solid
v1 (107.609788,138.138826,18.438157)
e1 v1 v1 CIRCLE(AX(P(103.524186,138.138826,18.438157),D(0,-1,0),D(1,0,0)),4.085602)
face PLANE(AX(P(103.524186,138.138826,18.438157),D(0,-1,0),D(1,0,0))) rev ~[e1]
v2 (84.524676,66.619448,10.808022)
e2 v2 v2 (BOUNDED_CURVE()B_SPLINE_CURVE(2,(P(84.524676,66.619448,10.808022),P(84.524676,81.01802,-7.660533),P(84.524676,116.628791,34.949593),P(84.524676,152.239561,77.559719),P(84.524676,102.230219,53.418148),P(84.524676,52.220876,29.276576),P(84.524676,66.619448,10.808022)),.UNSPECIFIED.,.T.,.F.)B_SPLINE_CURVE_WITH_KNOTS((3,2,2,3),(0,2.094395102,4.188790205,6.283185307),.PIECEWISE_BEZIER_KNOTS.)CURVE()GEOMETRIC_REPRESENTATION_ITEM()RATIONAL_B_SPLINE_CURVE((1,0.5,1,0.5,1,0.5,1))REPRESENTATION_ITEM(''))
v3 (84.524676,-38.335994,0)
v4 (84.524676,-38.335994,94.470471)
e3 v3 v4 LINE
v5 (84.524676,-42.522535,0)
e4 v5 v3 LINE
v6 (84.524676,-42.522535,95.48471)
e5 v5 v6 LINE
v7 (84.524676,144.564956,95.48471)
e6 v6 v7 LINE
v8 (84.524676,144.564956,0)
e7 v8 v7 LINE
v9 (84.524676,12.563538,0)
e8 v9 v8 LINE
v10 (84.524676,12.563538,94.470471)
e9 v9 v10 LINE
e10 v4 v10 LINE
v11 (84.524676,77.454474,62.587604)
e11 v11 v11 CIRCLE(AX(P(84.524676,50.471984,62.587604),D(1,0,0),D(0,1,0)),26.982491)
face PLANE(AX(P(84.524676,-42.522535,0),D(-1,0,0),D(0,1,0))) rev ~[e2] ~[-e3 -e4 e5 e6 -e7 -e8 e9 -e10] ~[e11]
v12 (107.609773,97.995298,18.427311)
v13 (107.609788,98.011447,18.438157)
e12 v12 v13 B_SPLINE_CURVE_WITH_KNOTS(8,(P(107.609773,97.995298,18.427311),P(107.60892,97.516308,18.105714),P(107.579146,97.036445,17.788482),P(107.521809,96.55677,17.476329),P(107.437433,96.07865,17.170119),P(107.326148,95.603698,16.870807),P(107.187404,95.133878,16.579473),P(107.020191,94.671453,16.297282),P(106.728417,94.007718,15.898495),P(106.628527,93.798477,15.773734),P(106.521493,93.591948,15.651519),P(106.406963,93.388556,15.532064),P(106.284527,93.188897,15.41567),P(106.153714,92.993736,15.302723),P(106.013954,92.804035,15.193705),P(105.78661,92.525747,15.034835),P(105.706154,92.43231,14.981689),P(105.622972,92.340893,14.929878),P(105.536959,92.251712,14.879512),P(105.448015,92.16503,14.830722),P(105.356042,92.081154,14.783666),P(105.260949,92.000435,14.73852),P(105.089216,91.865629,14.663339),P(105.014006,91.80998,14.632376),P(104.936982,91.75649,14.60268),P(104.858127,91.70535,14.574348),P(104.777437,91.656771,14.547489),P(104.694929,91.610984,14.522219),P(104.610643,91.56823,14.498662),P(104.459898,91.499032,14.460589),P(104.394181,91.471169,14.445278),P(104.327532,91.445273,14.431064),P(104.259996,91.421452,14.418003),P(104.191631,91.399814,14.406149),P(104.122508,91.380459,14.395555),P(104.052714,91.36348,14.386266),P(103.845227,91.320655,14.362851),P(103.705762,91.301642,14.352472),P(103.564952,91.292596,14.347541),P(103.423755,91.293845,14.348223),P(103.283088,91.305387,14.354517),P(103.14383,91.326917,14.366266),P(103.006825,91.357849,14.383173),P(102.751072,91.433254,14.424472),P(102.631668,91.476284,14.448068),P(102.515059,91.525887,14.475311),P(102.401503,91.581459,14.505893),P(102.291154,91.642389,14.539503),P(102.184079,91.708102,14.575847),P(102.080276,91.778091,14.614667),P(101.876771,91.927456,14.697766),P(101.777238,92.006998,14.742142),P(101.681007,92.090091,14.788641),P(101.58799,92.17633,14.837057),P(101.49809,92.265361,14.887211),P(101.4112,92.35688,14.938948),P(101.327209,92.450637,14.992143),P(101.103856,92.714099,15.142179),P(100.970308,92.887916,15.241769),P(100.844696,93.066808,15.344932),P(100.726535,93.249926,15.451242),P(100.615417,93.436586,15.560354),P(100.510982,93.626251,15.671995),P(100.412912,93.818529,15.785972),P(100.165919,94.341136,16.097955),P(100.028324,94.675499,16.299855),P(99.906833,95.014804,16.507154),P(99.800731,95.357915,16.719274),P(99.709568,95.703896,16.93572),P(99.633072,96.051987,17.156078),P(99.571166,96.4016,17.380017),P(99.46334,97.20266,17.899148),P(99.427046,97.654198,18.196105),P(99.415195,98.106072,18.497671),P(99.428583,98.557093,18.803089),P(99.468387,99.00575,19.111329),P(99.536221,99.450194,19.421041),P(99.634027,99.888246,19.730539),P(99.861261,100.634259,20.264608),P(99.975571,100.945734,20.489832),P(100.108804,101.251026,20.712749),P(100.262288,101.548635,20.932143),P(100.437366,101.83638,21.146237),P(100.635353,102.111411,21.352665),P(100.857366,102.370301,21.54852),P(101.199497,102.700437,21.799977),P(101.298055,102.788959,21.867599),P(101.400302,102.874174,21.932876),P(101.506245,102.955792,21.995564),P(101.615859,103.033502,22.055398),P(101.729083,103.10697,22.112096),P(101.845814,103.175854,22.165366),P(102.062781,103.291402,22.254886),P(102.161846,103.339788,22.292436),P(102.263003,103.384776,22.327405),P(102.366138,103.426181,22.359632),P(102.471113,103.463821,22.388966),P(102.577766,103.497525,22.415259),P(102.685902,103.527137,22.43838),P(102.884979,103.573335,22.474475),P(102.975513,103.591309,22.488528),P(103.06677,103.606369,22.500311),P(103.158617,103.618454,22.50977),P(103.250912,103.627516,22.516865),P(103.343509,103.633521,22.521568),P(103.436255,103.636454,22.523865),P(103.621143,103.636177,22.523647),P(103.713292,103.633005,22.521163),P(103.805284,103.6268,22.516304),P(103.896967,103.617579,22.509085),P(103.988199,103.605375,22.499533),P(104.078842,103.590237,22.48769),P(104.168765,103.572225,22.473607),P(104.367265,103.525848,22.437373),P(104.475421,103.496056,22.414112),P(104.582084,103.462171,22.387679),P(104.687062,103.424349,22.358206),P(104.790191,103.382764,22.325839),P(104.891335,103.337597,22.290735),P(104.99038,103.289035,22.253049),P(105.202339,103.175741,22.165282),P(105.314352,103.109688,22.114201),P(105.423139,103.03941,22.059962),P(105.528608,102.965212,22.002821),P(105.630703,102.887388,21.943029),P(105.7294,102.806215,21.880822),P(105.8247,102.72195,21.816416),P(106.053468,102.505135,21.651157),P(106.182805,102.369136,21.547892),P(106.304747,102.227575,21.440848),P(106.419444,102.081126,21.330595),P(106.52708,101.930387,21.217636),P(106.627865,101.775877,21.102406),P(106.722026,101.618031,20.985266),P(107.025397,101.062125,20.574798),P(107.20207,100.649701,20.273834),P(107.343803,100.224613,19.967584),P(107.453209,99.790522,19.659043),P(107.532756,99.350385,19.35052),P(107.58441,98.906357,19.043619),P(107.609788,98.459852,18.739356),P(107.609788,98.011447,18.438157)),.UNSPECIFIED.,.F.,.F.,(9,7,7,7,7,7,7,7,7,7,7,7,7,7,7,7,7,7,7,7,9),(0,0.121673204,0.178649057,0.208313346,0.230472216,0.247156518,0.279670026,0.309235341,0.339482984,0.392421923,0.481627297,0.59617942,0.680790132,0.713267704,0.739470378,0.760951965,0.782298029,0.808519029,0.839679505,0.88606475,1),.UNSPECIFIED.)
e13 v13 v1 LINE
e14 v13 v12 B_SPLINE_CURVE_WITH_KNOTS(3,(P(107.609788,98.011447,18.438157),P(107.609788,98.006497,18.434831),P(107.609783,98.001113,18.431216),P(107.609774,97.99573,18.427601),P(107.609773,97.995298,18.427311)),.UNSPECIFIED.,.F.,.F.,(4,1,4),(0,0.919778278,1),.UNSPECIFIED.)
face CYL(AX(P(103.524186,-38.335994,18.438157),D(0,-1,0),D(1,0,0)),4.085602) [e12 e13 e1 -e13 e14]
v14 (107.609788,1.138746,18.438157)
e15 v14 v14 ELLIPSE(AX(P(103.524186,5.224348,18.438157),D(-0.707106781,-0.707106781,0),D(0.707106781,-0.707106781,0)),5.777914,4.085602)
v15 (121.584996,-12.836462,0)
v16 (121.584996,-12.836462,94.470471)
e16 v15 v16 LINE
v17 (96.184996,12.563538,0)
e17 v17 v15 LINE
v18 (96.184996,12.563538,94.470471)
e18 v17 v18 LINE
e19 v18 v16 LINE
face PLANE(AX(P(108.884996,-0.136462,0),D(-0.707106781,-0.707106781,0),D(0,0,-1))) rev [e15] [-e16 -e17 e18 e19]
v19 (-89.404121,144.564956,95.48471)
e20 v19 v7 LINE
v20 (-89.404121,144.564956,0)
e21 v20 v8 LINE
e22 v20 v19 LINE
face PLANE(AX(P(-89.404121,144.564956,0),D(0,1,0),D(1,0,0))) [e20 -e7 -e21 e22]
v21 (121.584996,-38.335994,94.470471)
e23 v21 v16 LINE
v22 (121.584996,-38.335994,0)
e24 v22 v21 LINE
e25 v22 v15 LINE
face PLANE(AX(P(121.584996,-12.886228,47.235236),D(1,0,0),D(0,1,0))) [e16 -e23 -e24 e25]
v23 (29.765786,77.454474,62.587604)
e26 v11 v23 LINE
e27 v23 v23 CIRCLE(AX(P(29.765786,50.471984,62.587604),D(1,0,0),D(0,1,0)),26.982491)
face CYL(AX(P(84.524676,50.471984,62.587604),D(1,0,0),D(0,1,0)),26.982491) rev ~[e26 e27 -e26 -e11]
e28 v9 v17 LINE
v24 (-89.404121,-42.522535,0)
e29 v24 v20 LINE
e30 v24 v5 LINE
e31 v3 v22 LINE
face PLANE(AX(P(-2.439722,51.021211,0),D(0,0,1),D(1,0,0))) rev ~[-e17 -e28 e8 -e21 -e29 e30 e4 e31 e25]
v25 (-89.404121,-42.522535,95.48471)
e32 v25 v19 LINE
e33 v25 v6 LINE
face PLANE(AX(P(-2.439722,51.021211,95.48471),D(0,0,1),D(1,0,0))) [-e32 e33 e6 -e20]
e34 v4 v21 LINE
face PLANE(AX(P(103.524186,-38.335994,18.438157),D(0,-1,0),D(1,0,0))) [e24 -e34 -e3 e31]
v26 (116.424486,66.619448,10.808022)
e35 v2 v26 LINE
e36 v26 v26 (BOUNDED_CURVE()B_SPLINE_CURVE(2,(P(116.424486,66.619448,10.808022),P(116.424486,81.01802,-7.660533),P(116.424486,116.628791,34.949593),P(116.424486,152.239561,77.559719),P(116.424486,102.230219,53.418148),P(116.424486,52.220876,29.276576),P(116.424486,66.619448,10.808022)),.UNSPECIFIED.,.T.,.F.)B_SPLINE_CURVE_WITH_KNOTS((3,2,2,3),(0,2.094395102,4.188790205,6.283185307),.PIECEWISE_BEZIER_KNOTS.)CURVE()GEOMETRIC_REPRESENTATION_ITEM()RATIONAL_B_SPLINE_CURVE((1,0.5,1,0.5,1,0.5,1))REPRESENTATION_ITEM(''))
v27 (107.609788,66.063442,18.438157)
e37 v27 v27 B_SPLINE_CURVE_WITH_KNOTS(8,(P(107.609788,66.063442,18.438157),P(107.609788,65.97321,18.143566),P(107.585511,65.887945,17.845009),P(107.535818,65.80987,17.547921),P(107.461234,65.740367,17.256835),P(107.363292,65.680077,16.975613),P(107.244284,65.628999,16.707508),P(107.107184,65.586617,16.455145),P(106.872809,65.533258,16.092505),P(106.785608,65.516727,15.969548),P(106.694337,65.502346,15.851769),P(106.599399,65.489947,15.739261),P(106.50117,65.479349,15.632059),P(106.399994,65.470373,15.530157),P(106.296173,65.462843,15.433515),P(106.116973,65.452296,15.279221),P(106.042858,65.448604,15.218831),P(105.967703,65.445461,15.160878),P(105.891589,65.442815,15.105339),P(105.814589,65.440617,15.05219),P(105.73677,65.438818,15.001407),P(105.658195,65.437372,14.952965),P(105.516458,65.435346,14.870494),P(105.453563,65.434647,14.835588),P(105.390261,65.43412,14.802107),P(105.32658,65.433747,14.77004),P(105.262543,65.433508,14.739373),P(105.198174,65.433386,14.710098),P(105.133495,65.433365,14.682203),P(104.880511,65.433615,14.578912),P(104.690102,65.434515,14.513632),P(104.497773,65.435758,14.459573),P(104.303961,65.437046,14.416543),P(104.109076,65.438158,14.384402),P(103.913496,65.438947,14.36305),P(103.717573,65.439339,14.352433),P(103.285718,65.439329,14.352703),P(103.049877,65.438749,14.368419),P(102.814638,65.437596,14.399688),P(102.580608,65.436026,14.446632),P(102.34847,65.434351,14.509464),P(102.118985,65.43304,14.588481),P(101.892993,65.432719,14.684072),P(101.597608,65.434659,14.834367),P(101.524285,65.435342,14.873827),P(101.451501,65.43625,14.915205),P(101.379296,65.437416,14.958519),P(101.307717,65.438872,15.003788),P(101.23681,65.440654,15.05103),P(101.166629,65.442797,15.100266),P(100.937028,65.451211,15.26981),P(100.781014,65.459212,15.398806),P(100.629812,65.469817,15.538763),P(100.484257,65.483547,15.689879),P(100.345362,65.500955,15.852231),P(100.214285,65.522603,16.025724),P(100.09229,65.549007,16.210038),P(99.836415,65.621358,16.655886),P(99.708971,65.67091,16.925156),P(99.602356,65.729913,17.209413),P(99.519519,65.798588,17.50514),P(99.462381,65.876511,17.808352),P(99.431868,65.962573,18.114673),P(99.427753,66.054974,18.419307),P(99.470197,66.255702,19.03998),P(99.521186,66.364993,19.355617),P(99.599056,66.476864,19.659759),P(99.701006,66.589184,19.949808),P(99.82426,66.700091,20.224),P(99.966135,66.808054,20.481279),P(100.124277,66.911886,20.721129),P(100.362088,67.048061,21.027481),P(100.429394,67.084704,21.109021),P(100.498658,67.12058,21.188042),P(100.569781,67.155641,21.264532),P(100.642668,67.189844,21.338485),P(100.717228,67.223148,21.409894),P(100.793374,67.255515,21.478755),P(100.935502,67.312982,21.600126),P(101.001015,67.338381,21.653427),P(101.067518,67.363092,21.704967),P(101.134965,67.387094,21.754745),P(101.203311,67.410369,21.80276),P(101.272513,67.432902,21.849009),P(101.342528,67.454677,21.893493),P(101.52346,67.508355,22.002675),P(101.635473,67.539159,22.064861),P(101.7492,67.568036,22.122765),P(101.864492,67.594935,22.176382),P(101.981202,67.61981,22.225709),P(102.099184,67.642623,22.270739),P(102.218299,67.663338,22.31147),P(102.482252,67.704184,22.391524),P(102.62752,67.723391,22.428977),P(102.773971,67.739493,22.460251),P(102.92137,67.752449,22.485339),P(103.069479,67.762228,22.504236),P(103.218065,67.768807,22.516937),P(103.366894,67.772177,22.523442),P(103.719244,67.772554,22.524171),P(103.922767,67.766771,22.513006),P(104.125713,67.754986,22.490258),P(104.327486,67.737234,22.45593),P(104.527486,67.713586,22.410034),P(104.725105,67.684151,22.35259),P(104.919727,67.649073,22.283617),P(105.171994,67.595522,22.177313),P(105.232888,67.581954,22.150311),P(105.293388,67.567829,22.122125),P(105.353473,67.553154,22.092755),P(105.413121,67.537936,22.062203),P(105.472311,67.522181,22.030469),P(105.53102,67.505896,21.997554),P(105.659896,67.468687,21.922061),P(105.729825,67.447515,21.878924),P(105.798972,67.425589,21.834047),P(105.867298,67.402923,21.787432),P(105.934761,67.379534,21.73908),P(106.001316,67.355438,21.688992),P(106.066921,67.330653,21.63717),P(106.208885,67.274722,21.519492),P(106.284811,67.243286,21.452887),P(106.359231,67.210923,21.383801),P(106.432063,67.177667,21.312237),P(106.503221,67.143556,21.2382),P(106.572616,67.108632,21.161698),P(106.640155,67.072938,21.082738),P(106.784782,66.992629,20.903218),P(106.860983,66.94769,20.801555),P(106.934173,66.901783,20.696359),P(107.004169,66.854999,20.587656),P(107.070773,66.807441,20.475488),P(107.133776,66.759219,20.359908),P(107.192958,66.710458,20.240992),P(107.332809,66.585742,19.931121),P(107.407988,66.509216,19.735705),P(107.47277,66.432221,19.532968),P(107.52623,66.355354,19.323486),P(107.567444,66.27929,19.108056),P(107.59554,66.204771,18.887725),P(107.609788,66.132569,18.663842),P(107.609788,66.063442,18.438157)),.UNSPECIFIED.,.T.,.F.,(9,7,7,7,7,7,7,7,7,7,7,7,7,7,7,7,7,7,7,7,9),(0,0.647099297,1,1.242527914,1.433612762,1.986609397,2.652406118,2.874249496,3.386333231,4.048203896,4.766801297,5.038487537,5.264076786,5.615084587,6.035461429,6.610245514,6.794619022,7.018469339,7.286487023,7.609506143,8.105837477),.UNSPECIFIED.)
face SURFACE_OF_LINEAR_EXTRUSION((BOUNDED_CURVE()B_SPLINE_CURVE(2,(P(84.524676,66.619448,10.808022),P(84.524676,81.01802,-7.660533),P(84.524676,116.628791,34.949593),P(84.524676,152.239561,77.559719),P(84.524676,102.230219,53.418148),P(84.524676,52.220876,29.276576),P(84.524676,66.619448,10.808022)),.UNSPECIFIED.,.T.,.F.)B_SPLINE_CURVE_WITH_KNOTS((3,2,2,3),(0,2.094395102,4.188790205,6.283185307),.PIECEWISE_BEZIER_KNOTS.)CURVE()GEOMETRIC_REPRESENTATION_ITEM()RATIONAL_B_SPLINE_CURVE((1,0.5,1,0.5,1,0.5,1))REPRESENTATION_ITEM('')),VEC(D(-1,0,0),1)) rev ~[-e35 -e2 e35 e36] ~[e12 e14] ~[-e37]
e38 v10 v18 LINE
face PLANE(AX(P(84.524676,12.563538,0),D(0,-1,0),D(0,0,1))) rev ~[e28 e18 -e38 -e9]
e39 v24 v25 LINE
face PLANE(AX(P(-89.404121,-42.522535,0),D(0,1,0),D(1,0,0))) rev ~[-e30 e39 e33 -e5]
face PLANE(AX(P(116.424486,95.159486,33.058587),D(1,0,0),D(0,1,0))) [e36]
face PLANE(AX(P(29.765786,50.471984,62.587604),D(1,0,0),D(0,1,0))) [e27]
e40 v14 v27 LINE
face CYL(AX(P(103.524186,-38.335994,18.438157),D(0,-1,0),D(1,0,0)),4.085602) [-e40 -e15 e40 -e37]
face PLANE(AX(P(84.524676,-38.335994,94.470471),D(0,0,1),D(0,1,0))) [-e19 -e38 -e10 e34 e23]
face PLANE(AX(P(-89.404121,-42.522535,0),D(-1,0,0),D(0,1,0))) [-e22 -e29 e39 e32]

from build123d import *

# Parameters (mm, degrees)
F0_W      = 173.928797245
F0_H      = 187.0874911547
F1_DEPTH  = 95.48471
F3_DEPTH  = 31.89981
F4_R      = 26.9824905485
F5_DEPTH  = 54.75889
F6_W      = 50.8995316923
F6_H      = 94.4704711437
F7_DEPTH  = 37.06032
F8_SIZE   = 25.4
F9_R      = 4.0856018796
F10_DEPTH = 176.47482


with BuildPart() as f1:
    # F0 (on Top) → F1 (new body)
    with BuildSketch(Plane.XY):
        with Locations((-2.4397224188, 51.0212108493)):
            Rectangle(F0_W, F0_H)
    extrude(amount=F1_DEPTH)

    # F2 (on face) → F3 (join)
    with BuildSketch(Plane.YZ.offset(84.5246762037)):
        with BuildLine():
            add(Edge.make_bspline(
                [(66.6194483638, 10.8080217615), (81.0180202992, -7.6605326817), (116.6287906901, 34.9495930902), (152.2395610809, 77.5597188622), (102.2302187546, 53.4181475334), (52.2208764283, 29.2765762047), (66.6194483638, 10.8080217615)],
                knots=[0, 0, 0, 2.0943951024, 2.0943951024, 4.1887902048, 4.1887902048, 6.2831853072, 6.2831853072, 6.2831853072], degree=2, weights=[1, 0.5, 1, 0.5, 1, 0.5, 1]))
        make_face()
    extrude(amount=F3_DEPTH)

    # F4 (on face) → F5 (cut)
    with BuildSketch(Plane.YZ.offset(84.5246762037)):
        with Locations((50.47198385, 62.5876039267)):
            Circle(F4_R)
    extrude(amount=-F5_DEPTH, mode=Mode.SUBTRACT)

    # F6 (on face) → F7 (join)
    with BuildSketch(Plane.YZ.offset(84.5246762037)):
        with Locations((-12.8862280399, 47.2352355719)):
            Rectangle(F6_W, F6_H)
    extrude(amount=F7_DEPTH)

    # F8
    f8_edges = [f1.edges().sort_by_distance(p)[0] for p in [
        (121.584996, 12.563538, 47.235236),
    ]]
    chamfer(f8_edges, length=F8_SIZE)

    # F9 (on face) → F10 (join)
    with BuildSketch(Plane.XZ.offset(38.335993886)):
        with Locations((103.5241857171, 18.4381566942)):
            Circle(F9_R)
    extrude(amount=-F10_DEPTH)


solid = f1.part
